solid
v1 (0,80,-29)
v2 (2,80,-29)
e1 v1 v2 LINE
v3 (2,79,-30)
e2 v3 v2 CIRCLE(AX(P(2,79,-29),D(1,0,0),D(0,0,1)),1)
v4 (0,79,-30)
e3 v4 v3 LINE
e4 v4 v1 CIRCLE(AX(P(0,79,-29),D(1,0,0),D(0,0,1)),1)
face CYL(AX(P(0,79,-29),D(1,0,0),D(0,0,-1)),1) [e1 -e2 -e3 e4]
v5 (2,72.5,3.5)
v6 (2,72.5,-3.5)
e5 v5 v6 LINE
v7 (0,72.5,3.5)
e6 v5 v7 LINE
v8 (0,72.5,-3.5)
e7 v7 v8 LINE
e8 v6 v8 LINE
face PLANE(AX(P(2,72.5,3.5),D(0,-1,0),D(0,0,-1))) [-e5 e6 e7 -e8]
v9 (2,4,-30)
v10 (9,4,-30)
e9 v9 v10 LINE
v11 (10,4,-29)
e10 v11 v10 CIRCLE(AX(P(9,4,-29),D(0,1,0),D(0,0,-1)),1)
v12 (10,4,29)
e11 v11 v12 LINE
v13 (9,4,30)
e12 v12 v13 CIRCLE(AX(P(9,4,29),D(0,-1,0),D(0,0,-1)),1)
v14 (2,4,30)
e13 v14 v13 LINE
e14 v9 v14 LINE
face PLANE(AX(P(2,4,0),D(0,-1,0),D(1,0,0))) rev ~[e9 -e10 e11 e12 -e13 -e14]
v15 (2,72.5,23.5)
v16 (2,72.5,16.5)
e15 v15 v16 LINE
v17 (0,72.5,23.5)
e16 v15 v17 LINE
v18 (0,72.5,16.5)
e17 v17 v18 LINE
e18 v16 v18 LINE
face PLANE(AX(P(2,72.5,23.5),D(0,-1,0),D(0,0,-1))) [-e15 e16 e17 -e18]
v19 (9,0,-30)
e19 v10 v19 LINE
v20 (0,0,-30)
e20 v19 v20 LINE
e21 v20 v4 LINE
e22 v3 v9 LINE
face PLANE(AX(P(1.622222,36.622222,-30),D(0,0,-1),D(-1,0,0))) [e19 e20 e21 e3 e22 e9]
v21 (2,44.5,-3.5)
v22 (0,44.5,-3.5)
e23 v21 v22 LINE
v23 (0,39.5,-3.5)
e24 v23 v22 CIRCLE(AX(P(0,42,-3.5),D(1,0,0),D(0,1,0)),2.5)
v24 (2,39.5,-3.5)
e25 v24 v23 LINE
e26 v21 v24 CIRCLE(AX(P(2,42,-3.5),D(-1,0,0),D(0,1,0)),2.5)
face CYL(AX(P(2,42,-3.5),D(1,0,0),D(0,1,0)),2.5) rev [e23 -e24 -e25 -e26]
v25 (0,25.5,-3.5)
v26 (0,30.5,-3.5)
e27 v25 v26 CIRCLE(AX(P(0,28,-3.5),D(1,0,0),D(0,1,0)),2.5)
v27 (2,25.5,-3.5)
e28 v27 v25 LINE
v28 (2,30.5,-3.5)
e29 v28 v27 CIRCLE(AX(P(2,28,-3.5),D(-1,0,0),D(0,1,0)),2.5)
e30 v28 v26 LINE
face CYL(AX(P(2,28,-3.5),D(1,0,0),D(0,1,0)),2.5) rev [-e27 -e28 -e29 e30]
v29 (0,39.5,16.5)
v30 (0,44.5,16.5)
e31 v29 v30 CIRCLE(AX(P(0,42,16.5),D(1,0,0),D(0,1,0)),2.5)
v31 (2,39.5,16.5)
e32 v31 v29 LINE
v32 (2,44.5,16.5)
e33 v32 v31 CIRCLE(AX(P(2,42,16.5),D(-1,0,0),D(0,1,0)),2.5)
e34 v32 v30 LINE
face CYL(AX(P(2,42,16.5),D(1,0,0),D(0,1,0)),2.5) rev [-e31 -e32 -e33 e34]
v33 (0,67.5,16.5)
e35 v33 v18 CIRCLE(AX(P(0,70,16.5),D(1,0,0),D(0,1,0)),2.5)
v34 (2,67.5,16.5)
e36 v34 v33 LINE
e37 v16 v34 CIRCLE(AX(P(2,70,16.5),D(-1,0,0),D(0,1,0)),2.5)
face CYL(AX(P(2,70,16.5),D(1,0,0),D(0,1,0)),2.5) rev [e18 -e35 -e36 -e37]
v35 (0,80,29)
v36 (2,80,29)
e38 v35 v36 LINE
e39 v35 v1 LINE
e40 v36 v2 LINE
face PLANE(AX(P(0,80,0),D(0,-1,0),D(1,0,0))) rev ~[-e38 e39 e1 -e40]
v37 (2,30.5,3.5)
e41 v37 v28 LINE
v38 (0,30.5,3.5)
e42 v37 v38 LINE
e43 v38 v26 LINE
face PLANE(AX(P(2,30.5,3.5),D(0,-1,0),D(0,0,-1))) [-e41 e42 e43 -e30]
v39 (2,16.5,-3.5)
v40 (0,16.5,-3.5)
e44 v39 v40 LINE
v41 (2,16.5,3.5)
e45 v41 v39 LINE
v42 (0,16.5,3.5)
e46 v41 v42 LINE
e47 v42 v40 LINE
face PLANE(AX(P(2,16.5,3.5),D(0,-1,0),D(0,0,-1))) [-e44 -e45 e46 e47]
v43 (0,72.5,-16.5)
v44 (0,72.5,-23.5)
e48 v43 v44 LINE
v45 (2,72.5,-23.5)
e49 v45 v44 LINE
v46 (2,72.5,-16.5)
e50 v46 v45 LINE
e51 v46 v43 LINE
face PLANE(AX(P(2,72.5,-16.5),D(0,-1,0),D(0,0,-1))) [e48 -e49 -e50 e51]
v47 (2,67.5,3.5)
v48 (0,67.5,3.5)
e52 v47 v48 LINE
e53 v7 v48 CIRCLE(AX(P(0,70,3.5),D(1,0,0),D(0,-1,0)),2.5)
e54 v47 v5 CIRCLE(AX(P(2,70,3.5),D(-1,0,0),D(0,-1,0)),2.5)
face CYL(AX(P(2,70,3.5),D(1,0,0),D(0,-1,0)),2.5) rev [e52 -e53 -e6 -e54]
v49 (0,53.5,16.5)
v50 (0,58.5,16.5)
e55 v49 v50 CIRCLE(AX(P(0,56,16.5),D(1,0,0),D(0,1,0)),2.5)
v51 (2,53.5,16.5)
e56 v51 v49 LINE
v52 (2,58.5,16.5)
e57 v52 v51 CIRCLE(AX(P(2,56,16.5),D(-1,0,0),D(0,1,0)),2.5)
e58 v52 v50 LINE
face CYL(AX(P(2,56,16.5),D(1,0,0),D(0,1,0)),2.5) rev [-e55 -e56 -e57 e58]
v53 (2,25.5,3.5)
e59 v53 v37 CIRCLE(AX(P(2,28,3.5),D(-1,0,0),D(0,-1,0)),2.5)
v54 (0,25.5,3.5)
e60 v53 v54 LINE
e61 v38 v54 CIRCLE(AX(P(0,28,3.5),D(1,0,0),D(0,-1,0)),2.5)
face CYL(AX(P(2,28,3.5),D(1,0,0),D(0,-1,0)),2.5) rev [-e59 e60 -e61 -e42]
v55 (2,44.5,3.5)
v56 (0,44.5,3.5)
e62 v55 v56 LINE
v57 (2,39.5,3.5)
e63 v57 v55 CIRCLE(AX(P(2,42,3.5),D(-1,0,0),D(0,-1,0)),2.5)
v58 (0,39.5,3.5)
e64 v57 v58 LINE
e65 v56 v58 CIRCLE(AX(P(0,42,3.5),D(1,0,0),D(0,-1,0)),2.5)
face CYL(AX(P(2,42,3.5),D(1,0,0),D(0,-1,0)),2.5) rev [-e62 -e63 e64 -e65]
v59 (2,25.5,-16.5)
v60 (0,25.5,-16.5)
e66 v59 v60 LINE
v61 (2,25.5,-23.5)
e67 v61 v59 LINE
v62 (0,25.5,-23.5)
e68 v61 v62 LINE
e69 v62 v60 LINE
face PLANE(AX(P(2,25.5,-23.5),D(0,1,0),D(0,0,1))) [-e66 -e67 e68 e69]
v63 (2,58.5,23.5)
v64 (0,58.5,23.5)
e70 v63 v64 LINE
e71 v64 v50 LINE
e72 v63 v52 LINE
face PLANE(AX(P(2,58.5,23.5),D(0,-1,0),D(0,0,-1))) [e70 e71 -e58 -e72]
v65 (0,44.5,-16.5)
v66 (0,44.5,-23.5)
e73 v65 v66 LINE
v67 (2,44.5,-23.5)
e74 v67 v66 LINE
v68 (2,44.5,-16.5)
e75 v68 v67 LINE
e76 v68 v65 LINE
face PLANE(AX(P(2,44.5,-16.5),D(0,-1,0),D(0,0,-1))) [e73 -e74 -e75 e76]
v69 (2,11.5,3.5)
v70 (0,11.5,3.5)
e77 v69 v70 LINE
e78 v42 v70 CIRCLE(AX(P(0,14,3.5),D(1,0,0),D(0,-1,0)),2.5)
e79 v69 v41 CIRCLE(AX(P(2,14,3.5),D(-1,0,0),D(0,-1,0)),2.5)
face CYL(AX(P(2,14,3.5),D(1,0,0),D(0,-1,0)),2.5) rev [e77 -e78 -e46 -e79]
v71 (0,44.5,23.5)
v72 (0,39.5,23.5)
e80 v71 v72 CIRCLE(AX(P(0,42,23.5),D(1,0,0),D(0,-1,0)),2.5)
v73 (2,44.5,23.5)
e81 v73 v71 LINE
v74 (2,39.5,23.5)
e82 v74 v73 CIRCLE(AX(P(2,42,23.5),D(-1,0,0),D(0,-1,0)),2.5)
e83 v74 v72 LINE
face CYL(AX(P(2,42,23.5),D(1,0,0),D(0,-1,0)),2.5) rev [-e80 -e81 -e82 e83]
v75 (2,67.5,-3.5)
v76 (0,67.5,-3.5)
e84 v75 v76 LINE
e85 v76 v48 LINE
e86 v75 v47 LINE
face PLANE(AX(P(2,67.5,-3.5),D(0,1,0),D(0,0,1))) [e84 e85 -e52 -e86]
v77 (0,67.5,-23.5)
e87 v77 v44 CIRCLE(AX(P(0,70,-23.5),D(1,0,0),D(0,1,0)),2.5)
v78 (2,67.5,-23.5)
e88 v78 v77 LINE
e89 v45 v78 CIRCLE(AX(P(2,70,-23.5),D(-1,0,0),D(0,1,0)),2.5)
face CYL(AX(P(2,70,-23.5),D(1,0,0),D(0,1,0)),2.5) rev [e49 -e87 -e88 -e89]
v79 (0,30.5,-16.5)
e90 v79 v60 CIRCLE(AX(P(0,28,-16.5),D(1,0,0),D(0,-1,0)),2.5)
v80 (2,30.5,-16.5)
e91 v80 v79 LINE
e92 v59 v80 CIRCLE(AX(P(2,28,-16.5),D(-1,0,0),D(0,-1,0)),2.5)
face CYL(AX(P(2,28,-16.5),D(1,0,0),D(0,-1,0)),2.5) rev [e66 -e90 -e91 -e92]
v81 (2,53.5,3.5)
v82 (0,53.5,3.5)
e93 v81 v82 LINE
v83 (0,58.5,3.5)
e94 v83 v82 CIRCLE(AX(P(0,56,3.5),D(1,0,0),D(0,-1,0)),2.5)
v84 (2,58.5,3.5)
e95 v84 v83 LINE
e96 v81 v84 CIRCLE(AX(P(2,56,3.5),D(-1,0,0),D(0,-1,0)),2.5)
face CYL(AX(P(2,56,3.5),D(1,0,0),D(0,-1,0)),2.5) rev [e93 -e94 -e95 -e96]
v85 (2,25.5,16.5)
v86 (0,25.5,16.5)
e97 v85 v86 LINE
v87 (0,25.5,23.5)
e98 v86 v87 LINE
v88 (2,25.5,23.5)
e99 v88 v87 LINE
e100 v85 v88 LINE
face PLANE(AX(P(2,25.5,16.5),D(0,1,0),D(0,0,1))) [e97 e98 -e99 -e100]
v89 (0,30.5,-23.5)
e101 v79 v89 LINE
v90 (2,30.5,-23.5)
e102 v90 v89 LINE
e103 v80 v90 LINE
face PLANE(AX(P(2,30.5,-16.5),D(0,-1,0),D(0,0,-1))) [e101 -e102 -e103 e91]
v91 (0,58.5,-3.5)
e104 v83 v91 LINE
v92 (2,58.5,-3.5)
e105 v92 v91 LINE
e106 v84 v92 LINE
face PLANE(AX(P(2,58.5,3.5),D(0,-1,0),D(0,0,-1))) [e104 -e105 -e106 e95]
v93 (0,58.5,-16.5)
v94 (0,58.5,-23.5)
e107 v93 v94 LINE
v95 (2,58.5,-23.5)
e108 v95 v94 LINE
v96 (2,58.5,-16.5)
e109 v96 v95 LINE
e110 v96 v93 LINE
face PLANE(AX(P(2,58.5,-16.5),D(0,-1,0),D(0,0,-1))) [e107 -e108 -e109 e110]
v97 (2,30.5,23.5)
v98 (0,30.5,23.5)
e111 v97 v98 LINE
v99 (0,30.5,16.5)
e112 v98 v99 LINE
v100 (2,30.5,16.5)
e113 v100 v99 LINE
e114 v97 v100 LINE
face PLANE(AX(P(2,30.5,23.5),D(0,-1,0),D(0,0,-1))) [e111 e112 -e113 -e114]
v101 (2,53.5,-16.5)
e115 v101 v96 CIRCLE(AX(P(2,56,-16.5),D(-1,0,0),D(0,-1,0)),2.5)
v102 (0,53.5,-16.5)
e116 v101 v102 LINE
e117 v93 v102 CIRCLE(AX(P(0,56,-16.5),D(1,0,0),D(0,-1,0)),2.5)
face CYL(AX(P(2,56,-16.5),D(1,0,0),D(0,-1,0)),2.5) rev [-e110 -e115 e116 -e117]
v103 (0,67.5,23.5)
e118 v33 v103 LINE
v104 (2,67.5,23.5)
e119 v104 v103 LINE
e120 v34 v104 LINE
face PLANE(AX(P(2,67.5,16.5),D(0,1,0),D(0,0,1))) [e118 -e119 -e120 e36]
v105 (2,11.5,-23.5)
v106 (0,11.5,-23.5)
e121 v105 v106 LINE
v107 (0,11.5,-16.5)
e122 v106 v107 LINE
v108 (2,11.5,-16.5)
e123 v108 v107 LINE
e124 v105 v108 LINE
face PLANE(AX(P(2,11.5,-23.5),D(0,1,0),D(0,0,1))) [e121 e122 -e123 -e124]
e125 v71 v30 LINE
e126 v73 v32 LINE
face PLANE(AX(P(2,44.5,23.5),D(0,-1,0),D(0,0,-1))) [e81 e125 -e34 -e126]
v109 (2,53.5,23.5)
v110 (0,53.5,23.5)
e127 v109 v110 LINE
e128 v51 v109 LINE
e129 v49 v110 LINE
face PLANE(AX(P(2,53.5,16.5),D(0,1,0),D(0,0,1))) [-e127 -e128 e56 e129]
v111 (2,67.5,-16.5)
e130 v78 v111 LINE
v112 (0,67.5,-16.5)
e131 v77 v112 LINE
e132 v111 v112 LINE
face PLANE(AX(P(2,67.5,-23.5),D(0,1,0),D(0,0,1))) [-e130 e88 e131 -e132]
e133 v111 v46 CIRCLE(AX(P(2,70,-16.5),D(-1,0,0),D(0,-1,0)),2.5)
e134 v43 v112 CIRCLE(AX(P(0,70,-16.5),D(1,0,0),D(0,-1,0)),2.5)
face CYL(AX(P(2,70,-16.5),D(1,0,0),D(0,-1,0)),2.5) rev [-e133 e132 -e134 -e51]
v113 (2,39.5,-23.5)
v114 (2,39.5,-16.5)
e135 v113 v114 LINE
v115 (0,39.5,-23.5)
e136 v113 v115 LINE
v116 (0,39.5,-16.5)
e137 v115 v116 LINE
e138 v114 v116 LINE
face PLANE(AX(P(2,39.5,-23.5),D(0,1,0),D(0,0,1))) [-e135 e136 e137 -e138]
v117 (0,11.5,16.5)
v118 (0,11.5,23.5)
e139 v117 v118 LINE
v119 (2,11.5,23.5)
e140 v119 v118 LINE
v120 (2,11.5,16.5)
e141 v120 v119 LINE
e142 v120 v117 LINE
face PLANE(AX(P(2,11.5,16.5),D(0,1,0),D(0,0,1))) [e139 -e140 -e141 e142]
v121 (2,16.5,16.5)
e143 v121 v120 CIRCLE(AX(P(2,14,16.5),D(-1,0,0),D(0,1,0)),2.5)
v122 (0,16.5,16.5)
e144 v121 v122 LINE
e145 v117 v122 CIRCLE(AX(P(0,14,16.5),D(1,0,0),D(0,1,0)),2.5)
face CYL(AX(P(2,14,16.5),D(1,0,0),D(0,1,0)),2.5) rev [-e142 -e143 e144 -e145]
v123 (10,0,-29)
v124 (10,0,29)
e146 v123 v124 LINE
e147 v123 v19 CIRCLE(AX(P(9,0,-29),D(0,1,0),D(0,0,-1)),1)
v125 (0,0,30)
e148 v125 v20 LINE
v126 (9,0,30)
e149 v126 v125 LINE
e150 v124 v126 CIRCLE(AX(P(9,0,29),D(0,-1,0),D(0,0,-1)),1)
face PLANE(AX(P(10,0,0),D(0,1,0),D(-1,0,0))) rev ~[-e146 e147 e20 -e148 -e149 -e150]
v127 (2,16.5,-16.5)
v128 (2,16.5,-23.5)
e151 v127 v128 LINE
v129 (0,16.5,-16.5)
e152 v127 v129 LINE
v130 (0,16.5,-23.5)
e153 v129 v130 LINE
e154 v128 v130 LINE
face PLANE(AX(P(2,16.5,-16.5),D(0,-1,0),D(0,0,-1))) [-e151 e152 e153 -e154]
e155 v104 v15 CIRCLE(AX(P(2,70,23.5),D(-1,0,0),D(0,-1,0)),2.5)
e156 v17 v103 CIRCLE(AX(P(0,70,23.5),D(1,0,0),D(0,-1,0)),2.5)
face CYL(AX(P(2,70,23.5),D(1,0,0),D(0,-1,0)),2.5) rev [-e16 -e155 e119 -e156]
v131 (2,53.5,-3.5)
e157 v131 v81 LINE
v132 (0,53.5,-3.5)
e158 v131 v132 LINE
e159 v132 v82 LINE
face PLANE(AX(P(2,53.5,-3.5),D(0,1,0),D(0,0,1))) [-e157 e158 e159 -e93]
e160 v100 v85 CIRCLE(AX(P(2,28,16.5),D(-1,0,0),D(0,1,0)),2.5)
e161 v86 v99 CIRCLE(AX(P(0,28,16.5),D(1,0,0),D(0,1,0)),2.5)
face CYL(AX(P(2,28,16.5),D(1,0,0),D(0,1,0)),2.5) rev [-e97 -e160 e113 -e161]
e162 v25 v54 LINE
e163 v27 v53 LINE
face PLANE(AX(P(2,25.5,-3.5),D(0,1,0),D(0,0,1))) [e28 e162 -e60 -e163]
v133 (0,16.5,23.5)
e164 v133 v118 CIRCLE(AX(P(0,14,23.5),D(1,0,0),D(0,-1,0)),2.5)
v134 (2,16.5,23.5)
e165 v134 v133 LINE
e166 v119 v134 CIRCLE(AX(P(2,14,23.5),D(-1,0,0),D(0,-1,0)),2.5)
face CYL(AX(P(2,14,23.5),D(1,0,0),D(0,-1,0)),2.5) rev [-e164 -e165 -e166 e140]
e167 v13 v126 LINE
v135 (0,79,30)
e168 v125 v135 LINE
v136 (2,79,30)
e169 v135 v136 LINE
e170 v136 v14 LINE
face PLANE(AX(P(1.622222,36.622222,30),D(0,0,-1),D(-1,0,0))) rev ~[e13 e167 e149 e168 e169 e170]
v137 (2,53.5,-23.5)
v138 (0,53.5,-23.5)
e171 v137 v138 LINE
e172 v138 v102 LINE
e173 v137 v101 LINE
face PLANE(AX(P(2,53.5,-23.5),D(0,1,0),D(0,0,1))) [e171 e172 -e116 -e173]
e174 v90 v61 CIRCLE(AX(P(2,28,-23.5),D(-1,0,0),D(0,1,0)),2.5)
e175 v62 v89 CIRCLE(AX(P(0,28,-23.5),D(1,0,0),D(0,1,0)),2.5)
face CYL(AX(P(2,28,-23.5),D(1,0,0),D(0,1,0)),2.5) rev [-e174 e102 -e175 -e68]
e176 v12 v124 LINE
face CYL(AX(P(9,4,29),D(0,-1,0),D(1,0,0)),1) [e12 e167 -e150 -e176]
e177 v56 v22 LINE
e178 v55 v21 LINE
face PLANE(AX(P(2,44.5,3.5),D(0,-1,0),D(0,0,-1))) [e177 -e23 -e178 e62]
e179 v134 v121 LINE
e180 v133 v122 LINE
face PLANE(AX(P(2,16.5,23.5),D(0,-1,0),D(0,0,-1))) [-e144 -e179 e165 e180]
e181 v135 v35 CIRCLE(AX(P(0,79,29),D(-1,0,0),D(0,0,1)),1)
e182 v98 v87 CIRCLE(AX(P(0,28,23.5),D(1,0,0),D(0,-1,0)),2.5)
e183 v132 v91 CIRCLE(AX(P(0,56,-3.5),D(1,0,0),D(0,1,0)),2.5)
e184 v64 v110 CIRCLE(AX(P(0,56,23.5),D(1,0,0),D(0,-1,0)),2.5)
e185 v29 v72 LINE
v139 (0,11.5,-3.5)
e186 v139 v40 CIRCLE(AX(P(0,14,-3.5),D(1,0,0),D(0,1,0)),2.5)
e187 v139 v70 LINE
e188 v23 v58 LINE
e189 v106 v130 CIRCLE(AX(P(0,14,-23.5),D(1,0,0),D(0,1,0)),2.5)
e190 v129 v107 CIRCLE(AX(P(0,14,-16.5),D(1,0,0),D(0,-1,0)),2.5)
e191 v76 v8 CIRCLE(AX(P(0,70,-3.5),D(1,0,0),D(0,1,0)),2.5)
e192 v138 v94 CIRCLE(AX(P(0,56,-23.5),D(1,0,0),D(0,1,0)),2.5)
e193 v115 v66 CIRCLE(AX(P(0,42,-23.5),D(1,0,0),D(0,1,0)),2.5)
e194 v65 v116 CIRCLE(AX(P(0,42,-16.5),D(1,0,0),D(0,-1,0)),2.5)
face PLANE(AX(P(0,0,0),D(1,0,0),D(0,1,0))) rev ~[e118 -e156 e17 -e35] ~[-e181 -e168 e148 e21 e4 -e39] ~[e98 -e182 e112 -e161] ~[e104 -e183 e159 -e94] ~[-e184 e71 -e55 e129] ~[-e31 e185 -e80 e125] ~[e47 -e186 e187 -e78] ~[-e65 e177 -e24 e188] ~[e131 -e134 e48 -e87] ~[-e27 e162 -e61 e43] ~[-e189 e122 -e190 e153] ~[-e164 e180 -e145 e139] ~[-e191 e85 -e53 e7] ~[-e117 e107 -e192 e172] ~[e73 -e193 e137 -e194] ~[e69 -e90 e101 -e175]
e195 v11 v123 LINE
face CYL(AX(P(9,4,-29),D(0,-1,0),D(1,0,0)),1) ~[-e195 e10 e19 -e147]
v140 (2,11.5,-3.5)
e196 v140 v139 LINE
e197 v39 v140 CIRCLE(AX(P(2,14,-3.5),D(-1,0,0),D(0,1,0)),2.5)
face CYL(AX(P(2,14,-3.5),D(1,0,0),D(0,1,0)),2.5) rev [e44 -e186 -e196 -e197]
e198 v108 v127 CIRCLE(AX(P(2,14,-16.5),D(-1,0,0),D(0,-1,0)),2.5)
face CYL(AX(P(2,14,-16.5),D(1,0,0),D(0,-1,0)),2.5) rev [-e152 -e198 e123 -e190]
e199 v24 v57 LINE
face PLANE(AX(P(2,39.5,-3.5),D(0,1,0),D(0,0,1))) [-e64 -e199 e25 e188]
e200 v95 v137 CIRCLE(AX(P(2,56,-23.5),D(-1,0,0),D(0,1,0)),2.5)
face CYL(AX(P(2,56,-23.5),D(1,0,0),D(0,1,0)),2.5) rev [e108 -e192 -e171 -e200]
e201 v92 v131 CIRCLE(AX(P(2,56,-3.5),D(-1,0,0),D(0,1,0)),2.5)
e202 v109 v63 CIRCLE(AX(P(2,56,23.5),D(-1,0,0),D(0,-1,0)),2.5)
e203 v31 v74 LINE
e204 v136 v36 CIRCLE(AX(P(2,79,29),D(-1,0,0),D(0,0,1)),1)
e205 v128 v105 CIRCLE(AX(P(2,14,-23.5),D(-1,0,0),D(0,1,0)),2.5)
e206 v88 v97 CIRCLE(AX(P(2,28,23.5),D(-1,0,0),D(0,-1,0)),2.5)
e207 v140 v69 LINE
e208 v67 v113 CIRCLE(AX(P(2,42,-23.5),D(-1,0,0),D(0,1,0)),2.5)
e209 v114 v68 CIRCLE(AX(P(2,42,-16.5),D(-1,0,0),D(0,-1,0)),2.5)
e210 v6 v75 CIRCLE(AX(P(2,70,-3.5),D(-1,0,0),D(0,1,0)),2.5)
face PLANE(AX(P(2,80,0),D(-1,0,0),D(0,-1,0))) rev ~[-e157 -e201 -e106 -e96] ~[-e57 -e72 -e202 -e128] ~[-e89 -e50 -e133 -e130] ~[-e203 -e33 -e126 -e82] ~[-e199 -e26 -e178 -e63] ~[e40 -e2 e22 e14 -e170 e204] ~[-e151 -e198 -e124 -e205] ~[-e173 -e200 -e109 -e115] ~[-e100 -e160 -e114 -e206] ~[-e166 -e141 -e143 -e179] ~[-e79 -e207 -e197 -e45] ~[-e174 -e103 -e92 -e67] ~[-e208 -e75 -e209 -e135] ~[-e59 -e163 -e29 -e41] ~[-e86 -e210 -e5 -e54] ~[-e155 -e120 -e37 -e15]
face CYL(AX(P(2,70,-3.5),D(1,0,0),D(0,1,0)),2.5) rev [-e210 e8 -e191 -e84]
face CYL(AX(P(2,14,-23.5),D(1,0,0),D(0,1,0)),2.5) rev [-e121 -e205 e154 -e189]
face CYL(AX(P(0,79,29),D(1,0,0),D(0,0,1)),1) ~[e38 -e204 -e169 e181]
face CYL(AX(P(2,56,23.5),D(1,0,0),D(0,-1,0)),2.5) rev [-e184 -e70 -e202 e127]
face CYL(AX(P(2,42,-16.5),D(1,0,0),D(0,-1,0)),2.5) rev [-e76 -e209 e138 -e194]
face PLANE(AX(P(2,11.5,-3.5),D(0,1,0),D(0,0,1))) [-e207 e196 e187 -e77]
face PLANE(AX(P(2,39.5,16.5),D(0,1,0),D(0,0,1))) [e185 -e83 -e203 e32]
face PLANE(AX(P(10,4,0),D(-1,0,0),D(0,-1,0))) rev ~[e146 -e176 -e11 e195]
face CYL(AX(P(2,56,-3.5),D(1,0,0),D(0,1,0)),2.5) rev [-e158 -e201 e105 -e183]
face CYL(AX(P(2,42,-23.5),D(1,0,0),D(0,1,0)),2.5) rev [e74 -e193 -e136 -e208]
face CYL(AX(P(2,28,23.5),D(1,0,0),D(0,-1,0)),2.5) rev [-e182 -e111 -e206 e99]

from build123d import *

# Parameters (mm, degrees)
P_IDAT_VYSUNUT_M1_DEPTH  = 30
ODEBRAT_VYSUNUT_M1_DEPTH = 86.813751812
LINPOLE1_COUNT           = 3
LINPOLE1_PITCH           = 20
LINPOLE1_COUNT_DIR2      = 6
LINPOLE1_PITCH_DIR2      = 14
ZAOBLIT1_R               = 1


with BuildPart() as part:
    # Skica1 → Přidat vysunutím1 (new, symmetric)
    with BuildSketch(Plane.XY):
        Polygon((10, 0), (0, 0), (0, 80), (2, 80), (2, 4), (10, 4), align=None)
    extrude(amount=P_IDAT_VYSUNUT_M1_DEPTH, both=True)

    # Skica2 → Odebrat vysunutím1 (cut, through all)
    with BuildSketch(Plane(origin=(2, 0, 0), x_dir=(0, 0, -1), z_dir=(1, 0, 0))):
        with BuildLine():
            Line((-23.5, 16.5), (-16.5, 16.5))
            ThreePointArc((-16.5, 16.5), (-14, 14), (-16.5, 11.5))
            Line((-16.5, 11.5), (-23.5, 11.5))
            ThreePointArc((-23.5, 11.5), (-26, 14), (-23.5, 16.5))
        make_face()
    odebrat_vysunut_m1 = extrude(amount=-ODEBRAT_VYSUNUT_M1_DEPTH, mode=Mode.SUBTRACT)

    # LinPole1: Odebrat vysunut_m1 3 × 6
    with Locations(*[(0, j * LINPOLE1_PITCH_DIR2, -i * LINPOLE1_PITCH) for i in range(LINPOLE1_COUNT) for j in range(LINPOLE1_COUNT_DIR2) if (i, j) != (0, 0)]):
        add(odebrat_vysunut_m1, mode=Mode.SUBTRACT)

    # Zaoblit1
    zaoblit1_edges = [part.edges().sort_by_distance(p)[0] for p in [
        (1, 80, 30),
        (10, 2, 30),
        (1, 80, -30),
        (10, 2, -30),
    ]]
    fillet(zaoblit1_edges, radius=ZAOBLIT1_R)


solid = part.part
